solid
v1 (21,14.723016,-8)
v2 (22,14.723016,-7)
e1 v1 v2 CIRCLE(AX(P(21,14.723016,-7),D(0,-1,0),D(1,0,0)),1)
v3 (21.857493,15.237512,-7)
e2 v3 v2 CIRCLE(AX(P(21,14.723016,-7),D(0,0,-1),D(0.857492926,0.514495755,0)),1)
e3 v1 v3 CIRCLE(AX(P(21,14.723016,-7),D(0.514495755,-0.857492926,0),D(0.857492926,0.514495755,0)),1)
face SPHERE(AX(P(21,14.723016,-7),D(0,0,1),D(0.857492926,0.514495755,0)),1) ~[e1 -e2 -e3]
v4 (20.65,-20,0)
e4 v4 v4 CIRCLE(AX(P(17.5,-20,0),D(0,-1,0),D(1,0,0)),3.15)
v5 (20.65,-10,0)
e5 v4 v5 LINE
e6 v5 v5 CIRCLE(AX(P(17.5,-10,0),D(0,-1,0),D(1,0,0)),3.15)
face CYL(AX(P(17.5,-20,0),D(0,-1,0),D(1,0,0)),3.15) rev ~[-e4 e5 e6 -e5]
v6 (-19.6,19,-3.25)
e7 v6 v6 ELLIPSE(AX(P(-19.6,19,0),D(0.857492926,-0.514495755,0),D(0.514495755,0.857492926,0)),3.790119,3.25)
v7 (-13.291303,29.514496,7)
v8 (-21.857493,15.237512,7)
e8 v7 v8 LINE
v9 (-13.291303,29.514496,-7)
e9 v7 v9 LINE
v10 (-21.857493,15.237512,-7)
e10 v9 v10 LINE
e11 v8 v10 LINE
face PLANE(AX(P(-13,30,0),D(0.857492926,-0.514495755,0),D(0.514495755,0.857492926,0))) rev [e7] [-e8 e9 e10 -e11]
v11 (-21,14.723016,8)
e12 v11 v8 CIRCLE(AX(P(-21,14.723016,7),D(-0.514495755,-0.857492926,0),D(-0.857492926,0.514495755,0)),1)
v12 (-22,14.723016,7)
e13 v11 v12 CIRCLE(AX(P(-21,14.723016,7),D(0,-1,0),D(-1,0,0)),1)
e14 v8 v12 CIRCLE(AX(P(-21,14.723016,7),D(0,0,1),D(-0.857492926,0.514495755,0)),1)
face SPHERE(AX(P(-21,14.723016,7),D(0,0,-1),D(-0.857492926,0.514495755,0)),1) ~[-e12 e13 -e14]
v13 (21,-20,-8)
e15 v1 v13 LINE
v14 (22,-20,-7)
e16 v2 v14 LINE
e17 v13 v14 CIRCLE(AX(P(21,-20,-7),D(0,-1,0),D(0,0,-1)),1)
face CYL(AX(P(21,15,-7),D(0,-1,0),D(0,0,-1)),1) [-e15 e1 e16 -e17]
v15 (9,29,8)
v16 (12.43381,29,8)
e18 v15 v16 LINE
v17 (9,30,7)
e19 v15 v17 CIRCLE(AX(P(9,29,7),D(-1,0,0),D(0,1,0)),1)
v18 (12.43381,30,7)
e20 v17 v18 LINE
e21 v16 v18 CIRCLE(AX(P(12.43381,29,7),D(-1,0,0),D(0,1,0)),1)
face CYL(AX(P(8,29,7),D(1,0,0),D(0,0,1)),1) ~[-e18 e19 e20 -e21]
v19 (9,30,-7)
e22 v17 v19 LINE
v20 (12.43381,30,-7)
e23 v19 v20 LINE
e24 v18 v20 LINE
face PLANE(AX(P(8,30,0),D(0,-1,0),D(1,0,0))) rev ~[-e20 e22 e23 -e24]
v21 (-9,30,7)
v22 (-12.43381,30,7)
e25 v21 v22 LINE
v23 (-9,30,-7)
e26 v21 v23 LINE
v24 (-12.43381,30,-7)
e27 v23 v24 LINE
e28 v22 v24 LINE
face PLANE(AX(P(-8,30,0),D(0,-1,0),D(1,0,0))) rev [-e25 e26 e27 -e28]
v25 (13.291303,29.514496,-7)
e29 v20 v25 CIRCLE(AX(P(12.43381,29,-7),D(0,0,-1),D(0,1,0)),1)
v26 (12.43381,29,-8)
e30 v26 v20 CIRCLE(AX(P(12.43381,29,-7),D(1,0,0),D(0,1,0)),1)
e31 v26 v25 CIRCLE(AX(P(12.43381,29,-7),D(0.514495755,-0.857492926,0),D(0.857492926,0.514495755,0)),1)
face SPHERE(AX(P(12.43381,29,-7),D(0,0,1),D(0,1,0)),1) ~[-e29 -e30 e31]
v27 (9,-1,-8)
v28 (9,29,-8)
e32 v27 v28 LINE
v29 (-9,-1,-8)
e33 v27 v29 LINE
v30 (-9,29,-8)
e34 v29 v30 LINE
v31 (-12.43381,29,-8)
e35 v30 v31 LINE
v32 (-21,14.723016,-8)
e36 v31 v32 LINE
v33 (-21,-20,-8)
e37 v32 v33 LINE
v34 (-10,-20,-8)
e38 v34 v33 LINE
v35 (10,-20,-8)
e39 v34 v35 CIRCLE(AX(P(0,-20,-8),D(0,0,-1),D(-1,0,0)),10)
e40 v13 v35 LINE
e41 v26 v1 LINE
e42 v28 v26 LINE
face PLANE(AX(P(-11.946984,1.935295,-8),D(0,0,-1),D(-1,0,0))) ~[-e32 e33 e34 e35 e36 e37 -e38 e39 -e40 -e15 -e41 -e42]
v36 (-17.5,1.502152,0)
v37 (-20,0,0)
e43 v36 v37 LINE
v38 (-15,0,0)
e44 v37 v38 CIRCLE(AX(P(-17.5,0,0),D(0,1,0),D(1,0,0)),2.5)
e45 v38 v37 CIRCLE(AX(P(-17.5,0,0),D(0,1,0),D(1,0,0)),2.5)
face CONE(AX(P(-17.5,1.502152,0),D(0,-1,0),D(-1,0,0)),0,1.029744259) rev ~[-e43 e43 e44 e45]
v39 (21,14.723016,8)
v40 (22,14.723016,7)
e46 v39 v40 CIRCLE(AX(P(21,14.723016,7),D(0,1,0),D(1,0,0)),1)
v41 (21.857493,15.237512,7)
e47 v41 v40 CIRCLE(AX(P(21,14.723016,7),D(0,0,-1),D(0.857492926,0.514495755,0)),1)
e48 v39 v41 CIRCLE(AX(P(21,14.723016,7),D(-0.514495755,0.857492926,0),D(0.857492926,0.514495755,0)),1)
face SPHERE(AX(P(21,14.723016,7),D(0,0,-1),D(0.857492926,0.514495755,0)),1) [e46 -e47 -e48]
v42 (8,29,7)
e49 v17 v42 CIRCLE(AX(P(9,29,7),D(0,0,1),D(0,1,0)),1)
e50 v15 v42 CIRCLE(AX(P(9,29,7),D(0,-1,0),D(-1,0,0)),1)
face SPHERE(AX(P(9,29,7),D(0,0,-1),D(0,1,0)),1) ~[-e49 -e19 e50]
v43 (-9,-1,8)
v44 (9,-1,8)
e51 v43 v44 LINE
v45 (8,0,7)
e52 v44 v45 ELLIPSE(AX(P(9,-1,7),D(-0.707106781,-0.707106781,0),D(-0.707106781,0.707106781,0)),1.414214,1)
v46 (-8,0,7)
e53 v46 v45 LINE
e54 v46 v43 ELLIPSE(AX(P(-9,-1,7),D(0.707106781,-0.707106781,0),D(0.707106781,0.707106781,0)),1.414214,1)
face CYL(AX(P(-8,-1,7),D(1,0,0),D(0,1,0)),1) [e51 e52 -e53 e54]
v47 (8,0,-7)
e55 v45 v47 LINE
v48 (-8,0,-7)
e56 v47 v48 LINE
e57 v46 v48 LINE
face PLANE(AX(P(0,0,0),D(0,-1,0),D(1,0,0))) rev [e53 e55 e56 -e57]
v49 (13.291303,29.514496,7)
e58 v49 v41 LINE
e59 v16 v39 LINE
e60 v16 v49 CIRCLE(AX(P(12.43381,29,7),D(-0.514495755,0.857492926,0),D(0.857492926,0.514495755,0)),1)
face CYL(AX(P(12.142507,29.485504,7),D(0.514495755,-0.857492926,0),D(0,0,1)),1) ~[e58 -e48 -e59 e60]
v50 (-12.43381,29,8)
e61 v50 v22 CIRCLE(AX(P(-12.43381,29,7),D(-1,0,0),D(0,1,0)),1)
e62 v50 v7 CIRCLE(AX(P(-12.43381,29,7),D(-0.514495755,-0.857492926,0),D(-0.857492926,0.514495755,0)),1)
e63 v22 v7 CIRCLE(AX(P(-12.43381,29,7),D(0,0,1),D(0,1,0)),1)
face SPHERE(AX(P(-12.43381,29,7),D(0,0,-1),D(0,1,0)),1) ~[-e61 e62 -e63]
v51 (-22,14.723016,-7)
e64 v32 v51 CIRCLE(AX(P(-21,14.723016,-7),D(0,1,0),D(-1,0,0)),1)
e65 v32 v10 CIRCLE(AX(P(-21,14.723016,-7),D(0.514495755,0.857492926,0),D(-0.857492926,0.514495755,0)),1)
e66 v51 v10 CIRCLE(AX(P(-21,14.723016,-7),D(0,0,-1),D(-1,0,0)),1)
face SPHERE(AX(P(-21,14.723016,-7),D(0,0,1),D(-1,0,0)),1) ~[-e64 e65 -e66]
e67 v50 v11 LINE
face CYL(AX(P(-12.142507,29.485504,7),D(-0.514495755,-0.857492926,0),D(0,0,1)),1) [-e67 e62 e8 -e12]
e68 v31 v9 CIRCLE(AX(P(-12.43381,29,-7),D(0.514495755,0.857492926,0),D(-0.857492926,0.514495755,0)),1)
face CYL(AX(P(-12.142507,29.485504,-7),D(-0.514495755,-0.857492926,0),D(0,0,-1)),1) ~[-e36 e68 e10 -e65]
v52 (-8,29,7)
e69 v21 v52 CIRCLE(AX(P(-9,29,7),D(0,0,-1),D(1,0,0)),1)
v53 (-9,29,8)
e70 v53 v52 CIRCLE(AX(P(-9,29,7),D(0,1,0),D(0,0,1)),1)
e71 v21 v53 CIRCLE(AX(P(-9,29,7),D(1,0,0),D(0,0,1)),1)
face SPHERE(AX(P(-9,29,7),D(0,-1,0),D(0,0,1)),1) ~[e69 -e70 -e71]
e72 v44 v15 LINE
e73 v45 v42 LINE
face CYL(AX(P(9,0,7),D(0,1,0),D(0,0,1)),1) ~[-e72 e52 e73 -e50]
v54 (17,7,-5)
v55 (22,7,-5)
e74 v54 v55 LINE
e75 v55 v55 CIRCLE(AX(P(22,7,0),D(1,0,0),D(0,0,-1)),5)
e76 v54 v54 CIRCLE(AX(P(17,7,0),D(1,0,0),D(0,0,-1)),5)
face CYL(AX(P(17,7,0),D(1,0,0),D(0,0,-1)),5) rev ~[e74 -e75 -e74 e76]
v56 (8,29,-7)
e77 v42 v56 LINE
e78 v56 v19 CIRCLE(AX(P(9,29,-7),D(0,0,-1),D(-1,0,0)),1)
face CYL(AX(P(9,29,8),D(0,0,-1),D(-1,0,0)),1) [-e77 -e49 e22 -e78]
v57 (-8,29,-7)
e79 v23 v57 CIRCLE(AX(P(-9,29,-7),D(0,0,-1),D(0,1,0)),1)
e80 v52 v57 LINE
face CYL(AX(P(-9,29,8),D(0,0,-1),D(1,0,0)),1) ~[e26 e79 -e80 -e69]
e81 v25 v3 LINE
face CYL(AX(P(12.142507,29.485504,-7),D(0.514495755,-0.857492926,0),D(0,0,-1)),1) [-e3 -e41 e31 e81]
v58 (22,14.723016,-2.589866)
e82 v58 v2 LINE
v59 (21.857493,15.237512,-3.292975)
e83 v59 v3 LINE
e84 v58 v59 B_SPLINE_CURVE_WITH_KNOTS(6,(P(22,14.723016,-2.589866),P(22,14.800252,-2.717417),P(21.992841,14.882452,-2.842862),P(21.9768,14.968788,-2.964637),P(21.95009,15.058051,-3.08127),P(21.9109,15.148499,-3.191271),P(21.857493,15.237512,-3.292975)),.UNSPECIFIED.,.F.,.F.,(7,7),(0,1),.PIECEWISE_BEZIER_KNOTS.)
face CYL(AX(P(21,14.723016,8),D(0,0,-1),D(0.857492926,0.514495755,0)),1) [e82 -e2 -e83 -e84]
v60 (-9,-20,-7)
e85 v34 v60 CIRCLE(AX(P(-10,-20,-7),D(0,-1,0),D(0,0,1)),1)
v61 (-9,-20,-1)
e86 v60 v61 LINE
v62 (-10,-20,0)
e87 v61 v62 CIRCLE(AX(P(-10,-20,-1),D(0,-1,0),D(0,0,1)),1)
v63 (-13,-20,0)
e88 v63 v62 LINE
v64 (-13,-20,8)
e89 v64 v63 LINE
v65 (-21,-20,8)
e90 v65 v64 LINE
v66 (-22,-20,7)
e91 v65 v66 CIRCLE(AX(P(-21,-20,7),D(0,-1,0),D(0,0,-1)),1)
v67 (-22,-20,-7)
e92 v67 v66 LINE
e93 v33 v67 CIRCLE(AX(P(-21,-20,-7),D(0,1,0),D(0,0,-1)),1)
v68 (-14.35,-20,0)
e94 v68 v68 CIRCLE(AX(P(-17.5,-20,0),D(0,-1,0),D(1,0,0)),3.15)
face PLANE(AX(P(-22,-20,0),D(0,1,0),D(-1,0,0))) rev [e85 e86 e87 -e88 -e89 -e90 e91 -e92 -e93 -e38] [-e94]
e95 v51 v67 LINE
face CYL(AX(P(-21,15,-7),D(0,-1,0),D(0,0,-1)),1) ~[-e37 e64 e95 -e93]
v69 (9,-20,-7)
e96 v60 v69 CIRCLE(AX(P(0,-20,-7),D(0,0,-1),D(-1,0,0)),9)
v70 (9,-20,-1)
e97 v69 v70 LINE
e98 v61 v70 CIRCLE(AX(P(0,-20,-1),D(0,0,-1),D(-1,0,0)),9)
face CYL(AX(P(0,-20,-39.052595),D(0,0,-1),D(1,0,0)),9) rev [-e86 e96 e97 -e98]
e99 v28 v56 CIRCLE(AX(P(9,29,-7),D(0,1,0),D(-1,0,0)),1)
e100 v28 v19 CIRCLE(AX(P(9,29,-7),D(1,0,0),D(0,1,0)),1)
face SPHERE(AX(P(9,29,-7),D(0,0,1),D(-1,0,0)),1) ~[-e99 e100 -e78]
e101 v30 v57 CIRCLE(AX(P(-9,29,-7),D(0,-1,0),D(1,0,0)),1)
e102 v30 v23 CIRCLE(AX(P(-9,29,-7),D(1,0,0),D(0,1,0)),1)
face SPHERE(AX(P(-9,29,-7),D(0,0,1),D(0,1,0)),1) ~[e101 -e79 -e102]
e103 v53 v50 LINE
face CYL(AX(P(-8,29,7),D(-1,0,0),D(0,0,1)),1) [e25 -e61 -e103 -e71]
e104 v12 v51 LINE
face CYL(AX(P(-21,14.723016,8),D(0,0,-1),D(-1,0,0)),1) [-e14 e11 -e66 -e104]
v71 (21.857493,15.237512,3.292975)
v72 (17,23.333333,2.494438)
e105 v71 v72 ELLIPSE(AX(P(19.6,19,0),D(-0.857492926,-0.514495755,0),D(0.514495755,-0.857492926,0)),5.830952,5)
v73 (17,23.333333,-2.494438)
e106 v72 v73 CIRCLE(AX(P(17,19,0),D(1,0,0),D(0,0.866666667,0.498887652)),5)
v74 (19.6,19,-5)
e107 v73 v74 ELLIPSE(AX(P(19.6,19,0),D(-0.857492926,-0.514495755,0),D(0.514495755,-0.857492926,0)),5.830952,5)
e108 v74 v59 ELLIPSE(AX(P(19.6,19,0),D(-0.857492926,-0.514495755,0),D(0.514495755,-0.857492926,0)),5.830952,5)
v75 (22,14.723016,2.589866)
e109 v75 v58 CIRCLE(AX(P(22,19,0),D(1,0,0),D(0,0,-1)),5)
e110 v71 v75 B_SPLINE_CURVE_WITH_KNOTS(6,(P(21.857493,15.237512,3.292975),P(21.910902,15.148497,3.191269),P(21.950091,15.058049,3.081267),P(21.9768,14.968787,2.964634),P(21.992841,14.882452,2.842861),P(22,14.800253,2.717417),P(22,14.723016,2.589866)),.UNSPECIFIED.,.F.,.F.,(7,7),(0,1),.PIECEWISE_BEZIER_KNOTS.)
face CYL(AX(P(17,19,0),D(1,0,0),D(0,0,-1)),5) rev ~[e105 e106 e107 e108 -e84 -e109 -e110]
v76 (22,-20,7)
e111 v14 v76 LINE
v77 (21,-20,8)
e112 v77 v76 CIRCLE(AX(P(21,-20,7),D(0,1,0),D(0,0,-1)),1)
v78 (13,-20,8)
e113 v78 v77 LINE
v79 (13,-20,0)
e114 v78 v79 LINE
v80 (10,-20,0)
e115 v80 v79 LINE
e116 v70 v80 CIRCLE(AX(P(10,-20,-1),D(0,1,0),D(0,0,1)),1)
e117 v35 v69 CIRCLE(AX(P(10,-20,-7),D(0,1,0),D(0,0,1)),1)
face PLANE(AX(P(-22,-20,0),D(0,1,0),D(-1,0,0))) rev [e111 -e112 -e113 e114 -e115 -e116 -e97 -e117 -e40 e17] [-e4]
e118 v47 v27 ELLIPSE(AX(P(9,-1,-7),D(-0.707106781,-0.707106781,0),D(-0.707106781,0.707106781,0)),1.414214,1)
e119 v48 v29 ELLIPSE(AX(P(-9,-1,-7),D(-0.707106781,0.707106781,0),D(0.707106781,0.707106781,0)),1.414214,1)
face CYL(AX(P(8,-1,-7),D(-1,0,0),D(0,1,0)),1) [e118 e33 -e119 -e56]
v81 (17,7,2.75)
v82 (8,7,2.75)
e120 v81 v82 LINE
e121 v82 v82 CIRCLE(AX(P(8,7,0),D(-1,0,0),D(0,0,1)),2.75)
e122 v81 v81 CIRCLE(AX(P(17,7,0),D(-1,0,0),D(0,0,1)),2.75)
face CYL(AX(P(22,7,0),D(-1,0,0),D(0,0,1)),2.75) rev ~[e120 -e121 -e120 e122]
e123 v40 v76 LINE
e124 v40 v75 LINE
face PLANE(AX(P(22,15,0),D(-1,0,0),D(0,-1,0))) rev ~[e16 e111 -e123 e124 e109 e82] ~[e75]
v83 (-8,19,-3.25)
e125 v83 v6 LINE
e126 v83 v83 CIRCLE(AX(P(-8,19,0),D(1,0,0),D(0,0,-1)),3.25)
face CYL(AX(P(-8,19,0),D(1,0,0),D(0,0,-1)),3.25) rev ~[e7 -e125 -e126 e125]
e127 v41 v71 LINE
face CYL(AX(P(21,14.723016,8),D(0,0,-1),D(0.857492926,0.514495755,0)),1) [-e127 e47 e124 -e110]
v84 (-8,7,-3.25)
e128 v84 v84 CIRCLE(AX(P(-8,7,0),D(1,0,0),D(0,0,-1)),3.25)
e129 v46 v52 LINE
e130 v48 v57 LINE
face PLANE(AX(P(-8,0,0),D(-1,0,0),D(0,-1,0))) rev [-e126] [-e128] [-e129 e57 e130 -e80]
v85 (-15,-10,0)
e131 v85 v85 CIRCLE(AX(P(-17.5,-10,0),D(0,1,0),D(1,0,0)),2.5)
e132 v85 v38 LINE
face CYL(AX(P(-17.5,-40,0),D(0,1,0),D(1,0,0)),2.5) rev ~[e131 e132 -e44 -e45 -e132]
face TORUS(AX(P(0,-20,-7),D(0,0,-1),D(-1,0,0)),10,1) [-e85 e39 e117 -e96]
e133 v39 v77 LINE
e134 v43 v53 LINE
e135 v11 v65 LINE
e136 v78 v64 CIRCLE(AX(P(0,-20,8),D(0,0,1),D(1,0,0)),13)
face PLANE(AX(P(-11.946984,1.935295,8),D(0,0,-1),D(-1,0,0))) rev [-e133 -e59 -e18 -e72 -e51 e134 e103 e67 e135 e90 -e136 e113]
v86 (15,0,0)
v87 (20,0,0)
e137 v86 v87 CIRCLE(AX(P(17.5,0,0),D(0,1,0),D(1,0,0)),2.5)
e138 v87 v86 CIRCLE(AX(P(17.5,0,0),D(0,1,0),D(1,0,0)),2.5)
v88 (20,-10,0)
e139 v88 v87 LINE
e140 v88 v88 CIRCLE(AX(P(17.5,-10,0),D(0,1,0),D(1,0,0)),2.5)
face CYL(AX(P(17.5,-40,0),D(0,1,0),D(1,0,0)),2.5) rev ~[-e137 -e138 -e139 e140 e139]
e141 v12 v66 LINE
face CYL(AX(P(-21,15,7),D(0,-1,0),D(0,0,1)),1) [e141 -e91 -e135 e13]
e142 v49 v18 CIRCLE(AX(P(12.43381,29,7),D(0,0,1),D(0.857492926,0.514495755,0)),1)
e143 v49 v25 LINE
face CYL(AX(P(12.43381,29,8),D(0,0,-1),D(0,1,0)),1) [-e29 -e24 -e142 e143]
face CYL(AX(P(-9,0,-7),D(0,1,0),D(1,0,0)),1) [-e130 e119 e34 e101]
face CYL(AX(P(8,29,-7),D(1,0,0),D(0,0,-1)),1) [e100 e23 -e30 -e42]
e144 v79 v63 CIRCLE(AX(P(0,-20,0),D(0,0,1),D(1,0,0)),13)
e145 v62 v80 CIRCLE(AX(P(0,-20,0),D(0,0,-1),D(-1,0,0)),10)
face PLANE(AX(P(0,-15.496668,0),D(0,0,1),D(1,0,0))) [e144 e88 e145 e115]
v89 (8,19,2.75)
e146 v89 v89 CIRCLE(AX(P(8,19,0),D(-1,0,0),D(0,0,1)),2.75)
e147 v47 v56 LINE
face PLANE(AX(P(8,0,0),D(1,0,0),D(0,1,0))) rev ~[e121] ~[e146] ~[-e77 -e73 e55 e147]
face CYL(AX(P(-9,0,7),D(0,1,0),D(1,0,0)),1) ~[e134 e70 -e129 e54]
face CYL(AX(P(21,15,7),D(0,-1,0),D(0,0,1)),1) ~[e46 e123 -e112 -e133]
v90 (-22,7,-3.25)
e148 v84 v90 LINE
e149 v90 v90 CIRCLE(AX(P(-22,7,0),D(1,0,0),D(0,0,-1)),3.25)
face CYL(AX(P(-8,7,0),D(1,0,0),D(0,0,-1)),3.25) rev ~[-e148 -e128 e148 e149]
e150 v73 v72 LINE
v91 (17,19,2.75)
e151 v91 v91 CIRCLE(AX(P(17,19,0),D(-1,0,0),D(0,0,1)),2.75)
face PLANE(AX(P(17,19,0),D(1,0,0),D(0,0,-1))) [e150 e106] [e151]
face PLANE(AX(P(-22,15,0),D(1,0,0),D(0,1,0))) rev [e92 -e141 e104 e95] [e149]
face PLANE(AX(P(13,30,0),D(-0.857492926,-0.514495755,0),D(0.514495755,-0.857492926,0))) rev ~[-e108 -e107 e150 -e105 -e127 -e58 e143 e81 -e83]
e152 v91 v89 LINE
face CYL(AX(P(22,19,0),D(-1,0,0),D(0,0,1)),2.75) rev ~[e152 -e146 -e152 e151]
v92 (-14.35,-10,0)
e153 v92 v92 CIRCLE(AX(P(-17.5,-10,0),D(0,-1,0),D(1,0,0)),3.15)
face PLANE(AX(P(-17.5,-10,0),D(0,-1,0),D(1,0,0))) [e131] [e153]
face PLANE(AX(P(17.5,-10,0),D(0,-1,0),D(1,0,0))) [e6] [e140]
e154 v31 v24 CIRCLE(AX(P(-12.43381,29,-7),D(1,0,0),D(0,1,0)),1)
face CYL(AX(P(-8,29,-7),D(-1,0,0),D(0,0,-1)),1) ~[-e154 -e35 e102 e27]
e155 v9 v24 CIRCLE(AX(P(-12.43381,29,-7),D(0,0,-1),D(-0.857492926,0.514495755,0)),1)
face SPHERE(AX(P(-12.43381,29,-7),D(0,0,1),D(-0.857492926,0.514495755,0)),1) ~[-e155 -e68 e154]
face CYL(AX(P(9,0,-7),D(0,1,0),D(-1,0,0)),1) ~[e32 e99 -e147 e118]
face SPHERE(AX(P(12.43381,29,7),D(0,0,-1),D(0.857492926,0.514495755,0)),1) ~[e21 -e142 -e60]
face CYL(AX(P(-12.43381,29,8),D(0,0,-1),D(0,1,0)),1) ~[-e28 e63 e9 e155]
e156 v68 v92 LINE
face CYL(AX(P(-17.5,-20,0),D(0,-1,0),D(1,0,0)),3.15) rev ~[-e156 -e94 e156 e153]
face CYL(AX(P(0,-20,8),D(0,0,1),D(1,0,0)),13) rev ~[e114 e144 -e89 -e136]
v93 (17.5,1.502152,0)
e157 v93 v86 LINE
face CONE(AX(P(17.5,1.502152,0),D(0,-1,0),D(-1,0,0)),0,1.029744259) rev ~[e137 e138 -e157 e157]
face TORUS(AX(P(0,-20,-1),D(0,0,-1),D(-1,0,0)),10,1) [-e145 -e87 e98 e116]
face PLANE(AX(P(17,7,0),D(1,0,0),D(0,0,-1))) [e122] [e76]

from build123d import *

# Parameters (mm, degrees)
DODANIE_WYCI_GNI_CIE1_DEPTH                       = 8
WYTNIJ_WYCI_GNI_CIE1_DEPTH                        = 8
WYTNIJ_WYCI_GNI_CIE2_DEPTH                        = 39.052595181
WYTNIJ_WYCI_GNI_CIE2_DEPTH_BACK                   = 39.052595181
OTWORY_USTALAJ_CE_5_0MM1_D                        = 5
OTWORY_USTALAJ_CE_5_0MM1_DEPTH                    = 20
OTWORY_USTALAJ_CE_5_0MM1_TIP                      = 1.502151548
SZKIC8_R                                          = 3.15
WYTNIJ_WYCI_GNI_CIE3_DEPTH                        = 10
ZAOKR_GLENIE1_R                                   = 1
POG_BIENIE_WALCOWE_POD_M5_RUB_Z_BEM_W_D           = 5.5
POG_BIENIE_WALCOWE_POD_M5_RUB_Z_BEM_W_DEPTH       = 44
POG_BIENIE_WALCOWE_POD_M5_RUB_Z_BEM_W_CBORE_D     = 10
POG_BIENIE_WALCOWE_POD_M5_RUB_Z_BEM_W_CBORE_DEPTH = 5
POG_BIENIE_WALCOWE_POD_M5_RUB_Z_BEM_W_TIP         = 1.652366702
SZKIC11_R                                         = 3.25
WYTNIJ_WYCI_GNI_CIE4_DEPTH                        = 44.174066359


with BuildPart() as part:
    # Szkic1 → Dodanie-wyciągnięcie1 (new, symmetric)
    with BuildSketch(Plane.XY):
        Polygon((0, 0), (8, 0), (8, 30), (13, 30), (22, 15), (22, -20), (0, -20), align=None)
    dodanie_wyci_gni_cie1 = extrude(amount=DODANIE_WYCI_GNI_CIE1_DEPTH, both=True)

    # Lustro1: Dodanie-wyciągnięcie1 across plane
    add(dodanie_wyci_gni_cie1.mirror(Plane(origin=(0, -20, 8), x_dir=(0, 0, 1), z_dir=(1, 0, 0))))

    # Szkic2 → Wytnij-wyciągnięcie1 (cut)
    with BuildSketch(Plane.XY.offset(8)):
        with BuildLine():
            Line((-13, -20), (13, -20))
            ThreePointArc((13, -20), (0, -7), (-13, -20))
        make_face()
    extrude(amount=-WYTNIJ_WYCI_GNI_CIE1_DEPTH, mode=Mode.SUBTRACT)

    # Szkic3 → Wytnij-wyciągnięcie2 (cut, two sides: drawn at the far end of the back side and taken through both)
    with BuildSketch(Plane.XY.offset(-WYTNIJ_WYCI_GNI_CIE2_DEPTH_BACK)):
        with BuildLine():
            ThreePointArc((9, -20), (0, -11), (-9, -20))
            Line((-9, -20), (9, -20))
        make_face()
    extrude(amount=WYTNIJ_WYCI_GNI_CIE2_DEPTH + WYTNIJ_WYCI_GNI_CIE2_DEPTH_BACK, mode=Mode.SUBTRACT)

    # Otwory ustalające Ø5.0mm1
    with Locations(Plane(origin=(0, -20, 0), x_dir=(-1, 0, 0), z_dir=(0, -1, 0))):
        with Locations((-17.5, 0), (17.5, 0)):
            Hole(OTWORY_USTALAJ_CE_5_0MM1_D / 2, depth=OTWORY_USTALAJ_CE_5_0MM1_DEPTH)
            with Locations((0, 0, -(OTWORY_USTALAJ_CE_5_0MM1_DEPTH + OTWORY_USTALAJ_CE_5_0MM1_TIP / 2))):  # 118° drill point
                Cone(0, OTWORY_USTALAJ_CE_5_0MM1_D / 2, OTWORY_USTALAJ_CE_5_0MM1_TIP, mode=Mode.SUBTRACT)

    # Szkic8 → Wytnij-wyciągnięcie3 (cut)
    with BuildSketch(Plane(origin=(0, -20, 0), x_dir=(-1, 0, 0), z_dir=(0, -1, 0))):
        with Locations(Location((17.5, 0, 0), (0, 0, 180))):
            Circle(SZKIC8_R)
        with Locations(Location((-17.5, 0, 0), (0, 0, 180))):
            Circle(SZKIC8_R)
    extrude(amount=-WYTNIJ_WYCI_GNI_CIE3_DEPTH, mode=Mode.SUBTRACT)

    # Zaokrąglenie1
    zaokr_glenie1_edges = [part.edges().sort_by_distance(p)[0] for p in [
        (8, 30, 0),
        (22, -2.5, 8),
        (13, 30, 0),
        (22, 15, 0),
        (17.5, 22.5, 8),
        (10.5, 30, 8),
        (-8, 15, 8),
        (-10.5, 30, 8),
        (-8, 30, 0),
        (-17.5, 22.5, 8),
        (-13, 30, 0),
        (-22, -2.5, 8),
        (-22, 15, 0),
        (-22, -2.5, -8),
        (8, 15, 8),
        (-17.5, 22.5, -8),
        (-10.5, 30, -8),
        (-8, 15, -8),
        (0, 0, 8),
        (0, -11, 0),
        (0, -11, -8),
        (0, 0, -8),
        (8, 15, -8),
        (10.5, 30, -8),
        (17.5, 22.5, -8),
        (22, -2.5, -8),
    ]]
    fillet(zaokr_glenie1_edges, radius=ZAOKR_GLENIE1_R)

    # Pogłębienie walcowe pod M5 Śrubę z łbem walcowym z gniazdem2
    with Locations(Plane(origin=(22, 156, 204.349537134), x_dir=(0, 0, -1), z_dir=(1, 0, 0))):
        with Locations((204.349537134, -149), (204.349537134, -137)):
            CounterBoreHole(POG_BIENIE_WALCOWE_POD_M5_RUB_Z_BEM_W_D / 2, POG_BIENIE_WALCOWE_POD_M5_RUB_Z_BEM_W_CBORE_D / 2, POG_BIENIE_WALCOWE_POD_M5_RUB_Z_BEM_W_CBORE_DEPTH, depth=POG_BIENIE_WALCOWE_POD_M5_RUB_Z_BEM_W_DEPTH)
            with Locations((0, 0, -(POG_BIENIE_WALCOWE_POD_M5_RUB_Z_BEM_W_DEPTH + POG_BIENIE_WALCOWE_POD_M5_RUB_Z_BEM_W_TIP / 2))):  # 118° drill point
                Cone(0, POG_BIENIE_WALCOWE_POD_M5_RUB_Z_BEM_W_D / 2, POG_BIENIE_WALCOWE_POD_M5_RUB_Z_BEM_W_TIP, mode=Mode.SUBTRACT)

    # Szkic11 → Wytnij-wyciągnięcie4 (cut, through all)
    with BuildSketch(Plane(origin=(-8, 0, 0), x_dir=(0, 0, -1), z_dir=(1, 0, 0))):
        with Locations((0, 7)):
            Circle(SZKIC11_R)
        with Locations((0, 19)):
            Circle(SZKIC11_R)
    extrude(amount=-WYTNIJ_WYCI_GNI_CIE4_DEPTH, mode=Mode.SUBTRACT)


solid = part.part
